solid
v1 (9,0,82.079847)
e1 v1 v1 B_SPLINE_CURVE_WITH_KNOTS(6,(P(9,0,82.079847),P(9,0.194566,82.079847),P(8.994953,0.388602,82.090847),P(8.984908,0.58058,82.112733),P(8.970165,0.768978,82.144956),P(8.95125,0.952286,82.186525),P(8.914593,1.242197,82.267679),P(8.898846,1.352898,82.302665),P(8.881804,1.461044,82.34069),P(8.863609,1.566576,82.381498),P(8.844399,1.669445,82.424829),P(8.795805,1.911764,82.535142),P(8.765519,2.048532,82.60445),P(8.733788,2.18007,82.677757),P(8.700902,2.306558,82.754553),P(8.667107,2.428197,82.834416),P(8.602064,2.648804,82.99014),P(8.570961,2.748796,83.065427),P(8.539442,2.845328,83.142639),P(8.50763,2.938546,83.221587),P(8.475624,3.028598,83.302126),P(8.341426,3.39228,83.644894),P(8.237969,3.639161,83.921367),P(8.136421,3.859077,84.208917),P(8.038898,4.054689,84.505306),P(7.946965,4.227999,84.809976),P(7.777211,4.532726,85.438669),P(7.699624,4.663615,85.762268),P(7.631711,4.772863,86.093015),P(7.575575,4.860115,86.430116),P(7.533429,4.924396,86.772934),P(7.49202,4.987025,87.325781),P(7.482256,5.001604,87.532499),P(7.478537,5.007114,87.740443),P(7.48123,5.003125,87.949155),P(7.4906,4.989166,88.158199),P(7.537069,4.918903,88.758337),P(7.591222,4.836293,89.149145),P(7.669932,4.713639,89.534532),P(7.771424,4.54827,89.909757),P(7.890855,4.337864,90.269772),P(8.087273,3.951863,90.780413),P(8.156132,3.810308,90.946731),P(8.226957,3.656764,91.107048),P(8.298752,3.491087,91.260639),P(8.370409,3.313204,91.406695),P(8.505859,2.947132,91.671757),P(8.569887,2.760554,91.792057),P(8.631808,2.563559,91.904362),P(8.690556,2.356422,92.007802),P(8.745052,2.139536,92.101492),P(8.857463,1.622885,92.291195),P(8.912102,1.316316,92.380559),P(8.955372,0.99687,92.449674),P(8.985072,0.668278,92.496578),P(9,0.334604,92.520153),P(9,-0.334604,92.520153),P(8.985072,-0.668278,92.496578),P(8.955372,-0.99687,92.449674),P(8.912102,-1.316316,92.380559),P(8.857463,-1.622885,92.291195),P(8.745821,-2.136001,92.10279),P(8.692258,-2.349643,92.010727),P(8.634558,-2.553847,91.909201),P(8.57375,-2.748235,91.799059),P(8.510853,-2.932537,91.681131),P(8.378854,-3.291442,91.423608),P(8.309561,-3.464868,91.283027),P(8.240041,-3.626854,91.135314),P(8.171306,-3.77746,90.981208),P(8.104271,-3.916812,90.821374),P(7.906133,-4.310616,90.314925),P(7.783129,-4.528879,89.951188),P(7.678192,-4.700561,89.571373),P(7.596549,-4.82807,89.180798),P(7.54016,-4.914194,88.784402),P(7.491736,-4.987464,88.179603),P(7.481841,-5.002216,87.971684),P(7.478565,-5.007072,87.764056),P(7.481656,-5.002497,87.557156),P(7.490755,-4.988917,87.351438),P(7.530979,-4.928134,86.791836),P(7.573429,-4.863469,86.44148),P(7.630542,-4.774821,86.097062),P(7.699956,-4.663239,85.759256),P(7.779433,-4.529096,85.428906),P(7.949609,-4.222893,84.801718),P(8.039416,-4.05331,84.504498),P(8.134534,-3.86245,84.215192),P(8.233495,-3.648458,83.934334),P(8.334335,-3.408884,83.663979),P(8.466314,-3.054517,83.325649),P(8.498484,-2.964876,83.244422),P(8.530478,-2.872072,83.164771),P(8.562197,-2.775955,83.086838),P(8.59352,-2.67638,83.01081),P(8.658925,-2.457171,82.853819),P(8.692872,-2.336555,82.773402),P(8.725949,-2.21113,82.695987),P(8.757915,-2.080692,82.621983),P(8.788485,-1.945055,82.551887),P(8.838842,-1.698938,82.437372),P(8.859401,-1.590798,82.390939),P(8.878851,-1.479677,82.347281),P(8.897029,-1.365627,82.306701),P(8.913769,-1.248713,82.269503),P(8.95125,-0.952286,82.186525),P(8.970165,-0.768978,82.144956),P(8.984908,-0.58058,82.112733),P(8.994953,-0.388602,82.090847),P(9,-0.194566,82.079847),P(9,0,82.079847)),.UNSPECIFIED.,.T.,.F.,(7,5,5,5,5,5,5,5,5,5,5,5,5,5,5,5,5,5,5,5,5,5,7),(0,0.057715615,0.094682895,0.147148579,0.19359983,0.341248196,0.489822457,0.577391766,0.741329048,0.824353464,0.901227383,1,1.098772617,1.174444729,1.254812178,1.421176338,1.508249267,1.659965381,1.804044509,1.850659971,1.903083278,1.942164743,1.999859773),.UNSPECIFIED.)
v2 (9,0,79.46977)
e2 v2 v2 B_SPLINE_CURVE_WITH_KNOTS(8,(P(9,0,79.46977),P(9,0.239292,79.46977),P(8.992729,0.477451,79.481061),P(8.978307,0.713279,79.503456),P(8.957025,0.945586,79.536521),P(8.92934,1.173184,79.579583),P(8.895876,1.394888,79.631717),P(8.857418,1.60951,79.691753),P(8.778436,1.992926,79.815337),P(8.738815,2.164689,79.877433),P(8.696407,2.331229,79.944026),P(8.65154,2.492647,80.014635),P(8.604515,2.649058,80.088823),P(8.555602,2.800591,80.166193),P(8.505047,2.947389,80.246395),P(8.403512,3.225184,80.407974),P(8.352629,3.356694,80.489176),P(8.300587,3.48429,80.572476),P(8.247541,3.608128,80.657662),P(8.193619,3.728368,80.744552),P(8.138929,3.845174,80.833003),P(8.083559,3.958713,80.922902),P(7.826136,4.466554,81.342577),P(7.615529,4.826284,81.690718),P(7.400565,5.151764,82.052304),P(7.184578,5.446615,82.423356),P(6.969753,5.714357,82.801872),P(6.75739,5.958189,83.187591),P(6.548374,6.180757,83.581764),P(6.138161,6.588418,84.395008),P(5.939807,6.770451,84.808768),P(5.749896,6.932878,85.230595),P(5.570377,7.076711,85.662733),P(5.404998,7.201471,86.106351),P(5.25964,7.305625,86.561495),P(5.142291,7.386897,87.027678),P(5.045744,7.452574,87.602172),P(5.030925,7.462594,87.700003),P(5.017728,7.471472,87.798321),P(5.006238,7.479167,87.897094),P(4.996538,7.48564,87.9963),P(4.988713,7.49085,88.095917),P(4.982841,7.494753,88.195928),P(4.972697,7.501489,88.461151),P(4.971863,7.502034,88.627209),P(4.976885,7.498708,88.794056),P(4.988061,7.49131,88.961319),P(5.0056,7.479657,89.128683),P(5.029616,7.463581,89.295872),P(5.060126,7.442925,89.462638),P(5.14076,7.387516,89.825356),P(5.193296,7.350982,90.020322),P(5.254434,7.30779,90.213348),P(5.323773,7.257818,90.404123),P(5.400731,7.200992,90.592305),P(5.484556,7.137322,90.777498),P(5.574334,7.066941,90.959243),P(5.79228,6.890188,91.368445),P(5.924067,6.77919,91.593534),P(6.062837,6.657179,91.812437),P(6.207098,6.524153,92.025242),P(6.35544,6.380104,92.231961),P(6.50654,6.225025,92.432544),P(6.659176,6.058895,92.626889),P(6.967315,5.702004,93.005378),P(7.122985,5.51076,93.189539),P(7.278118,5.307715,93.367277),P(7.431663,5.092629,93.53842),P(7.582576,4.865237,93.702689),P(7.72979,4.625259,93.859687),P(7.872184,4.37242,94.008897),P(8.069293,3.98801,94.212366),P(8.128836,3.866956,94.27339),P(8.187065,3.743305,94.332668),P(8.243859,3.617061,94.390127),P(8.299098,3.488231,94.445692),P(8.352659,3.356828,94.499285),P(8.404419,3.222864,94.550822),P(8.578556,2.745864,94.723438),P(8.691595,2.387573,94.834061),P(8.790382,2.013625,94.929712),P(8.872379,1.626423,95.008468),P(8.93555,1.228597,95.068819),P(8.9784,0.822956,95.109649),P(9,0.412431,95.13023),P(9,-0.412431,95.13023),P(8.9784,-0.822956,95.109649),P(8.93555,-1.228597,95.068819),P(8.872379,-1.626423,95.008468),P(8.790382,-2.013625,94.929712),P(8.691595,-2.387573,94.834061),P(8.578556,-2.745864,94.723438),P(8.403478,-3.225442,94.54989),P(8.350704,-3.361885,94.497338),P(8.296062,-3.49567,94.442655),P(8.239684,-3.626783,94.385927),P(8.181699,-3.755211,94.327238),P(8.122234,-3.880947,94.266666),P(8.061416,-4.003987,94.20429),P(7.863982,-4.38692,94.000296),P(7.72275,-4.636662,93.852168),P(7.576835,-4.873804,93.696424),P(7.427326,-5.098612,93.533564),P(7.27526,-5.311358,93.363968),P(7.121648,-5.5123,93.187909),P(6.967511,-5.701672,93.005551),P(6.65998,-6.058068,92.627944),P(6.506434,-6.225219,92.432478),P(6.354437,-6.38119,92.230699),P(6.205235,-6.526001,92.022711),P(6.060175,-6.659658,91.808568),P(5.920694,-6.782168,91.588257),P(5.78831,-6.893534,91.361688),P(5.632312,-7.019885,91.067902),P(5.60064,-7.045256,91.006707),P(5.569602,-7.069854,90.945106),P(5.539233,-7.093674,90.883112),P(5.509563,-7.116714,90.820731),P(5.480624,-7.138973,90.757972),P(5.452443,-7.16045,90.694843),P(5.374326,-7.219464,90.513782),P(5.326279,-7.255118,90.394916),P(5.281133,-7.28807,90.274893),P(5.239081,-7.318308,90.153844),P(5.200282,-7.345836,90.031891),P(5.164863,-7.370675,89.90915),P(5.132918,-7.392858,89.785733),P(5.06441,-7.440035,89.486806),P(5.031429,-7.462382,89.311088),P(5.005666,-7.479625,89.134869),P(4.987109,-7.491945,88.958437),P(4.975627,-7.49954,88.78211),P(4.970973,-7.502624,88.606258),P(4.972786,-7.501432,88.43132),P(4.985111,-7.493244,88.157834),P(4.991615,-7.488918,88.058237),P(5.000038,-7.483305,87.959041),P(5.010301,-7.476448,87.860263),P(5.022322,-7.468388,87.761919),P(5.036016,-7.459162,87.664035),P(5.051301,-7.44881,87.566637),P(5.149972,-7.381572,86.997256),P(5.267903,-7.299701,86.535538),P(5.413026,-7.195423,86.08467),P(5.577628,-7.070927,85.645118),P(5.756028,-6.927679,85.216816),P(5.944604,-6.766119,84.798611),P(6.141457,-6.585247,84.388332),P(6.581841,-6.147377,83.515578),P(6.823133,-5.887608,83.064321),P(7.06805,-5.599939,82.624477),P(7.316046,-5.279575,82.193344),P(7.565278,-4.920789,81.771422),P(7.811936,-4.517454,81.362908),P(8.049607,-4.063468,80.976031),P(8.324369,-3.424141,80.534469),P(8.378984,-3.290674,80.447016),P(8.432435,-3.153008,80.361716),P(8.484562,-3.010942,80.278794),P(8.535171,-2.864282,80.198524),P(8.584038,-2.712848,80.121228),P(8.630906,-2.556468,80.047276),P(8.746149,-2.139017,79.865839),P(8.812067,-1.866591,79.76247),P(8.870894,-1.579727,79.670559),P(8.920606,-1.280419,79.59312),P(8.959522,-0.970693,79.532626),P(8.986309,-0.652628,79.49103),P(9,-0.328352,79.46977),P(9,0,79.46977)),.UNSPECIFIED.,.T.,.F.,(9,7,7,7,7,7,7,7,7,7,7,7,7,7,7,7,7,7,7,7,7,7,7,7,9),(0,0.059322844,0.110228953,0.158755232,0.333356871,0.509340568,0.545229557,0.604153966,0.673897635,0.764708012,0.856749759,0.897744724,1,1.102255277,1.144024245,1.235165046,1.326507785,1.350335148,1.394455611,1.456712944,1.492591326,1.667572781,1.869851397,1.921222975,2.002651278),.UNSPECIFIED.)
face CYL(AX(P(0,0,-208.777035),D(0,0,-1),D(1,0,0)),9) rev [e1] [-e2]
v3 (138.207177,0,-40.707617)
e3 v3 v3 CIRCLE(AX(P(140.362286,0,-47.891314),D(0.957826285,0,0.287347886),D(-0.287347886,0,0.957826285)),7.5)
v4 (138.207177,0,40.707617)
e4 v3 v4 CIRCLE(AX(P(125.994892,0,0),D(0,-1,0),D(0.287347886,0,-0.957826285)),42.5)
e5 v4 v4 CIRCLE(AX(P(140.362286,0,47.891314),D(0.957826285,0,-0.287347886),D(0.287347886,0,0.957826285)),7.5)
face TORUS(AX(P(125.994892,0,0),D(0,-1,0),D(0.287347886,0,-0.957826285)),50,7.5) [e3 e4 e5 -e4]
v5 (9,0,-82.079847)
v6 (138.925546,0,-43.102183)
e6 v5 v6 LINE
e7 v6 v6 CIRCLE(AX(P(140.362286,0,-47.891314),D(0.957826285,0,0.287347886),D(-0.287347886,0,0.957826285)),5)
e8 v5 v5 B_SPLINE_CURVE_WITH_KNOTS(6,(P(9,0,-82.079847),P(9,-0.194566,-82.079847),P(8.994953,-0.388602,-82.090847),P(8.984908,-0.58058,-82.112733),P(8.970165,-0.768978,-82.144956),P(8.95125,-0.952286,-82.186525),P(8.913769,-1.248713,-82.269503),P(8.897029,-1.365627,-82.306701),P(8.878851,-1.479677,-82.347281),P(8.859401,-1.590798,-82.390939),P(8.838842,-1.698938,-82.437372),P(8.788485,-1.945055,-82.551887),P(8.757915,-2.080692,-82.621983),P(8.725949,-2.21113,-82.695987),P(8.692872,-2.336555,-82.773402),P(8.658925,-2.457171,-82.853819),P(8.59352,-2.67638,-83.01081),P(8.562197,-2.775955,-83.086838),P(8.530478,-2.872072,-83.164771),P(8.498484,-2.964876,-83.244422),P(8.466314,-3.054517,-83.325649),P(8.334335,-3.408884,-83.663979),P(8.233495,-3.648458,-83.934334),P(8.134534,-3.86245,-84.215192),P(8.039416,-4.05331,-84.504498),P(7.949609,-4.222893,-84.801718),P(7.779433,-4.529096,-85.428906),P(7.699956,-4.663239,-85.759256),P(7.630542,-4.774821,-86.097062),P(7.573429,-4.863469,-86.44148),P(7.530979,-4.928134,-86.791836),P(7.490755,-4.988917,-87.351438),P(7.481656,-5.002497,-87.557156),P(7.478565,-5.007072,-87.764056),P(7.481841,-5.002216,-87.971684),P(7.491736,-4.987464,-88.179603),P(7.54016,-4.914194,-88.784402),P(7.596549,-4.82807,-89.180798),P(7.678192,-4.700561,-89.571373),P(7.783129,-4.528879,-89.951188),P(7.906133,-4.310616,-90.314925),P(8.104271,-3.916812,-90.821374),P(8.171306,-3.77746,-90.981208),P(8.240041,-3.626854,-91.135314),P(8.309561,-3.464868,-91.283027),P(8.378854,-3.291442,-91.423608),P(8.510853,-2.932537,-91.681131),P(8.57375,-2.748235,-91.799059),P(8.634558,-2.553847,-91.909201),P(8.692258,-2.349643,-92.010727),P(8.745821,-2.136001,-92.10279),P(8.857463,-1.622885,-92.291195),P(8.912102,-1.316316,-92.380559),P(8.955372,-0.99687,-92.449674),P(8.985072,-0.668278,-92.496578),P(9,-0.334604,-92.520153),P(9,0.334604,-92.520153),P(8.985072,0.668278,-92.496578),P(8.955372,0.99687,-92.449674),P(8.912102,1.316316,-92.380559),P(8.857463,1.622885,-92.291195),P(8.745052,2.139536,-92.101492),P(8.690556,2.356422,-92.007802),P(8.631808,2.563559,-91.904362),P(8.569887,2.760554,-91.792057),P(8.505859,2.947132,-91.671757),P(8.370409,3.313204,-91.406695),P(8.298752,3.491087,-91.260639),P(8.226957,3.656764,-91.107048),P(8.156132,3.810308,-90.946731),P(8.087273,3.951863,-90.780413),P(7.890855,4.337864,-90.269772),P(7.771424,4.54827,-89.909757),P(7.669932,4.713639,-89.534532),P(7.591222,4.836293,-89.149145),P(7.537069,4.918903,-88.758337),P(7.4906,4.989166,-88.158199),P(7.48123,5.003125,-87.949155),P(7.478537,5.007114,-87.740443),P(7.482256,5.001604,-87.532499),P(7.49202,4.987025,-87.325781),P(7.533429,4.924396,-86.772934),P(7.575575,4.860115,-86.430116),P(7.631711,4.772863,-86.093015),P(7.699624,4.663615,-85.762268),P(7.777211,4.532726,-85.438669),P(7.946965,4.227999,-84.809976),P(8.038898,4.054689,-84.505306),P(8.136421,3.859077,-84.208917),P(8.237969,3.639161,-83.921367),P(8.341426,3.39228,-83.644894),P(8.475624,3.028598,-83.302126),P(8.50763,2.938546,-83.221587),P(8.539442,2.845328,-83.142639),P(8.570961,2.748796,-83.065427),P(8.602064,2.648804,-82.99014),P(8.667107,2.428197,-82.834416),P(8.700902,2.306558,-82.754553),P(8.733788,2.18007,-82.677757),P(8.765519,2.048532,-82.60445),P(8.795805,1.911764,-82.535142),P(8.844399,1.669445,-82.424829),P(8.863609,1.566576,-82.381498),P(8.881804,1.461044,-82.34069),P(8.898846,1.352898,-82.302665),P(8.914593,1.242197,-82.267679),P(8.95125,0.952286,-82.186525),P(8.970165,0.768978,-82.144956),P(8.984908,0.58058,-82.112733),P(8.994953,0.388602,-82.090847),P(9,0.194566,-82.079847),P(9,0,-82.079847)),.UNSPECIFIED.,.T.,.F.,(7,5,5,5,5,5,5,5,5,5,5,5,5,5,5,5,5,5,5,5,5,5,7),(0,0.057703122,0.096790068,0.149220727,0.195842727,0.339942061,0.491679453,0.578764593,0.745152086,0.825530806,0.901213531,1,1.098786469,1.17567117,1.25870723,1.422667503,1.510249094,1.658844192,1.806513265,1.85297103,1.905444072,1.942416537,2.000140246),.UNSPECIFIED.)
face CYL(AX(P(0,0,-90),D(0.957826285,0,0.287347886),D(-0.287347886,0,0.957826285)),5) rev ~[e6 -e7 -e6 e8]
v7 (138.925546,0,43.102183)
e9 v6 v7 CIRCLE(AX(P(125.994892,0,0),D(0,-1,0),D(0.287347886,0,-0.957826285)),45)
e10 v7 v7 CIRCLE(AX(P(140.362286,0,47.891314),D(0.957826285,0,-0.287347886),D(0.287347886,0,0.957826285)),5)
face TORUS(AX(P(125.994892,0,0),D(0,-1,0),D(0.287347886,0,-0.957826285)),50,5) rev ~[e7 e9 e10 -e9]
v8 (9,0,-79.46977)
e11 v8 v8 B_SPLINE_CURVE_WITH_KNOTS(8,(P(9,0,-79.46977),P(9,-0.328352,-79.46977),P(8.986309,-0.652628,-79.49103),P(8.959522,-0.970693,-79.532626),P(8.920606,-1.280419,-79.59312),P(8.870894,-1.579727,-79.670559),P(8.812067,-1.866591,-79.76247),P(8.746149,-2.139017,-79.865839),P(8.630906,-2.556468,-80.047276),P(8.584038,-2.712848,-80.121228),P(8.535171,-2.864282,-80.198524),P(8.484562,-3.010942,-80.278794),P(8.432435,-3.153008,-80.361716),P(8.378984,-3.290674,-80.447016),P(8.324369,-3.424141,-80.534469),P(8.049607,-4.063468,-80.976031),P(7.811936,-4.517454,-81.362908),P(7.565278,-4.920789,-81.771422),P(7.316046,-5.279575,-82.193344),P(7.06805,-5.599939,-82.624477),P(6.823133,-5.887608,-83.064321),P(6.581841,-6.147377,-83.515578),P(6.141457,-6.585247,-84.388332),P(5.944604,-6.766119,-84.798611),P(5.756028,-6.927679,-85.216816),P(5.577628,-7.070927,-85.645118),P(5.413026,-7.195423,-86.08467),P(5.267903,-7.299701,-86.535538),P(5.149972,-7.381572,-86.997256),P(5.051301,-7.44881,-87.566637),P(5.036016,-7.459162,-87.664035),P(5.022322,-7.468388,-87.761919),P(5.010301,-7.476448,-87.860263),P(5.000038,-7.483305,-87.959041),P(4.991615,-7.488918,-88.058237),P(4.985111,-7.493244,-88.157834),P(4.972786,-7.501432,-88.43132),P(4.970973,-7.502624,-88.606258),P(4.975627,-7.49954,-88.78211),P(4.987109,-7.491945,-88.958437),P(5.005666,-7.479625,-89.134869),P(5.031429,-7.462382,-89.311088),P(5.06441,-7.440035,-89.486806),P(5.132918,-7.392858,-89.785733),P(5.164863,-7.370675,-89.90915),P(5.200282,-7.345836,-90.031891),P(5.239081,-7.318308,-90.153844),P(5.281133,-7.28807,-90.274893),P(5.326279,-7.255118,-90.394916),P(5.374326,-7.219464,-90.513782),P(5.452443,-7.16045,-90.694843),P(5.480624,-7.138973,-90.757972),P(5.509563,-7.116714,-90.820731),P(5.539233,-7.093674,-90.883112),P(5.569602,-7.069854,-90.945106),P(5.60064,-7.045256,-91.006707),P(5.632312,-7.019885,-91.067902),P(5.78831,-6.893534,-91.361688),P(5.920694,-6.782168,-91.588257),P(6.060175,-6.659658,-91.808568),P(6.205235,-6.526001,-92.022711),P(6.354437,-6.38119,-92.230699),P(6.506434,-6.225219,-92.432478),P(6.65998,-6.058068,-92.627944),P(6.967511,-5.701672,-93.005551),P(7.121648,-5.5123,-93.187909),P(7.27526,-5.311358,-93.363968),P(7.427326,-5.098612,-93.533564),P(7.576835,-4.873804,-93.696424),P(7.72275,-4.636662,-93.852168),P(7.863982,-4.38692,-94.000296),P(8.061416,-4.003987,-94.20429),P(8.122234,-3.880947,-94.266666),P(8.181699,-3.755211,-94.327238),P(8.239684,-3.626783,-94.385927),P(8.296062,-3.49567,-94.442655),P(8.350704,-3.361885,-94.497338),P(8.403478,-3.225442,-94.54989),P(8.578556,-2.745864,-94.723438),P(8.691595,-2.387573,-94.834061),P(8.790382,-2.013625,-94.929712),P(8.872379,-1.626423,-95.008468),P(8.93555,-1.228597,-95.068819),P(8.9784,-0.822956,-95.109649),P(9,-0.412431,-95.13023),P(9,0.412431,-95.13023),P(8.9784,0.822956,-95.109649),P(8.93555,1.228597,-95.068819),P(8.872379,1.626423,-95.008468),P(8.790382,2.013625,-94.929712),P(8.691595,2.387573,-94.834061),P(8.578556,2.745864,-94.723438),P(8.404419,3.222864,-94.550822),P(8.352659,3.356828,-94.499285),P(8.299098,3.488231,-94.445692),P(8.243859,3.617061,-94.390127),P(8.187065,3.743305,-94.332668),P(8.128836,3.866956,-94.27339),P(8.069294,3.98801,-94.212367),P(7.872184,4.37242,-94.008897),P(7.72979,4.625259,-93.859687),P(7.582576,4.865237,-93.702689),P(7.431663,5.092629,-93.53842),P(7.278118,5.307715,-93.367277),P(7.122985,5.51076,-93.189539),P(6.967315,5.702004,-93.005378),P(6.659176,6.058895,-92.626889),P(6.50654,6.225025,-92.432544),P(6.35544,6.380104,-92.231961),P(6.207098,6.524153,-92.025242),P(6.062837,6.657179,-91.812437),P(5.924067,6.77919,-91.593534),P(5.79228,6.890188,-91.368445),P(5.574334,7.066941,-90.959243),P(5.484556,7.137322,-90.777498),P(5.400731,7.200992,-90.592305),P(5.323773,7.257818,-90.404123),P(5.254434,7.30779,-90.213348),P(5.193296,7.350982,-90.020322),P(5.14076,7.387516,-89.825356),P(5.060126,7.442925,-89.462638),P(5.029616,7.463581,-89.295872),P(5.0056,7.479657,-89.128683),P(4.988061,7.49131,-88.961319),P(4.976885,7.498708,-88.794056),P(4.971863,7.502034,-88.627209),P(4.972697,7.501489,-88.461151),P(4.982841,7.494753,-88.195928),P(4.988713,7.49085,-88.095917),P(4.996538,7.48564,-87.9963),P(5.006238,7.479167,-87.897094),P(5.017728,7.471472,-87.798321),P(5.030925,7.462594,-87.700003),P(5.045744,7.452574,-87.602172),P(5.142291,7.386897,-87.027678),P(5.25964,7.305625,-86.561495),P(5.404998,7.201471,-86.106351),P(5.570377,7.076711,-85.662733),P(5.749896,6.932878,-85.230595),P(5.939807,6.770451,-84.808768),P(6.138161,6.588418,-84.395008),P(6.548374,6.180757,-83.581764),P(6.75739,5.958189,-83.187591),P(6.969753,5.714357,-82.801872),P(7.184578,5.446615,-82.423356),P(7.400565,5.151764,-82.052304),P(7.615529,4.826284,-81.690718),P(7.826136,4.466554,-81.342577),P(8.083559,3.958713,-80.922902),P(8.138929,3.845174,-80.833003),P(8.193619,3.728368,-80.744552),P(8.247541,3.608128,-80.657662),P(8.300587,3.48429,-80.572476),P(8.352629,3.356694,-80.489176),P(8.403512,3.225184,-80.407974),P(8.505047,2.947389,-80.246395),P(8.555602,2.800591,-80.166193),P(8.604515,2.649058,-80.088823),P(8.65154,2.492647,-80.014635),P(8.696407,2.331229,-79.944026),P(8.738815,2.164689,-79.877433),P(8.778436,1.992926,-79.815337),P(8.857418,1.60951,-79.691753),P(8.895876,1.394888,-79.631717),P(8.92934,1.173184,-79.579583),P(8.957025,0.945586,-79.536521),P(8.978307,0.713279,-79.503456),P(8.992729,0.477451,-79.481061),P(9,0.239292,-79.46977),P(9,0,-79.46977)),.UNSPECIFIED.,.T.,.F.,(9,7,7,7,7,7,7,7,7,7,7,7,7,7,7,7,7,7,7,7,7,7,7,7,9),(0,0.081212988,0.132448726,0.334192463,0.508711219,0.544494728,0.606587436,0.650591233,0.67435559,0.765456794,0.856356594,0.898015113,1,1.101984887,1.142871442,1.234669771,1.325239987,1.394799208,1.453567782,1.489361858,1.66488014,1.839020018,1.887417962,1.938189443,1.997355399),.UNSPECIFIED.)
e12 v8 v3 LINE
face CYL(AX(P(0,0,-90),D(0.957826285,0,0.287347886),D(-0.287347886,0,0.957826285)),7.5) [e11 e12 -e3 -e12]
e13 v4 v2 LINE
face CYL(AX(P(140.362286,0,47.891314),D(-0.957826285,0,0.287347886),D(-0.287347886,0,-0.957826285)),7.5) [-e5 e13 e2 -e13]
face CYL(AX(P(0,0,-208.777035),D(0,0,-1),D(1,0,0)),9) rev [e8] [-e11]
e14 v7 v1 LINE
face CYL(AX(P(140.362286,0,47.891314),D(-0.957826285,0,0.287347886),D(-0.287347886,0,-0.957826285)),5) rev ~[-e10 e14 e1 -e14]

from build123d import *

# Parameters (mm, degrees)
SWEEP_THIN1_PROFILE_R   = 7.5
SWEEP_THIN1_PROFILE_R_2 = 5
CUT_EXTRUDE2_DEPTH      = 208.777034922
CUT_EXTRUDE2_DEPTH_BACK = 208.777034922
SKETCH34_R              = 9


with BuildPart() as part:
    # Sweep-Thin1: sweep along a path in Sketch1
    with BuildLine(Plane(origin=(0, 0, 0), x_dir=(1, 0, 0), z_dir=(0, 1, 0))) as sweep_thin1_path:
        Line((0, 90), (140.362285796, 47.891314261))
        ThreePointArc((140.362285796, 47.891314261), (175.994891518, 0), (140.362285796, -47.891314261))
        Line((140.362285796, -47.891314261), (0, -90))
    # Sweep-Thin1 profile (on start of the path) → Sweep-Thin1 (sweep)
    with BuildSketch(Plane(origin=(0, 0, -90), x_dir=(-0.2873478855663455, 0, 0.9578262852211514), z_dir=(0.9578262852211514, 0, 0.2873478855663455))):
        Circle(SWEEP_THIN1_PROFILE_R)
        Circle(SWEEP_THIN1_PROFILE_R_2, mode=Mode.SUBTRACT)
    sweep(path=sweep_thin1_path.line)

    # Sketch34 → Cut-Extrude2 (cut, two sides: drawn at the far end of the back side and taken through both)
    with BuildSketch(Plane.XY.offset(-CUT_EXTRUDE2_DEPTH_BACK)):
        Circle(SKETCH34_R)
    extrude(amount=CUT_EXTRUDE2_DEPTH + CUT_EXTRUDE2_DEPTH_BACK, mode=Mode.SUBTRACT)


solid = part.part
